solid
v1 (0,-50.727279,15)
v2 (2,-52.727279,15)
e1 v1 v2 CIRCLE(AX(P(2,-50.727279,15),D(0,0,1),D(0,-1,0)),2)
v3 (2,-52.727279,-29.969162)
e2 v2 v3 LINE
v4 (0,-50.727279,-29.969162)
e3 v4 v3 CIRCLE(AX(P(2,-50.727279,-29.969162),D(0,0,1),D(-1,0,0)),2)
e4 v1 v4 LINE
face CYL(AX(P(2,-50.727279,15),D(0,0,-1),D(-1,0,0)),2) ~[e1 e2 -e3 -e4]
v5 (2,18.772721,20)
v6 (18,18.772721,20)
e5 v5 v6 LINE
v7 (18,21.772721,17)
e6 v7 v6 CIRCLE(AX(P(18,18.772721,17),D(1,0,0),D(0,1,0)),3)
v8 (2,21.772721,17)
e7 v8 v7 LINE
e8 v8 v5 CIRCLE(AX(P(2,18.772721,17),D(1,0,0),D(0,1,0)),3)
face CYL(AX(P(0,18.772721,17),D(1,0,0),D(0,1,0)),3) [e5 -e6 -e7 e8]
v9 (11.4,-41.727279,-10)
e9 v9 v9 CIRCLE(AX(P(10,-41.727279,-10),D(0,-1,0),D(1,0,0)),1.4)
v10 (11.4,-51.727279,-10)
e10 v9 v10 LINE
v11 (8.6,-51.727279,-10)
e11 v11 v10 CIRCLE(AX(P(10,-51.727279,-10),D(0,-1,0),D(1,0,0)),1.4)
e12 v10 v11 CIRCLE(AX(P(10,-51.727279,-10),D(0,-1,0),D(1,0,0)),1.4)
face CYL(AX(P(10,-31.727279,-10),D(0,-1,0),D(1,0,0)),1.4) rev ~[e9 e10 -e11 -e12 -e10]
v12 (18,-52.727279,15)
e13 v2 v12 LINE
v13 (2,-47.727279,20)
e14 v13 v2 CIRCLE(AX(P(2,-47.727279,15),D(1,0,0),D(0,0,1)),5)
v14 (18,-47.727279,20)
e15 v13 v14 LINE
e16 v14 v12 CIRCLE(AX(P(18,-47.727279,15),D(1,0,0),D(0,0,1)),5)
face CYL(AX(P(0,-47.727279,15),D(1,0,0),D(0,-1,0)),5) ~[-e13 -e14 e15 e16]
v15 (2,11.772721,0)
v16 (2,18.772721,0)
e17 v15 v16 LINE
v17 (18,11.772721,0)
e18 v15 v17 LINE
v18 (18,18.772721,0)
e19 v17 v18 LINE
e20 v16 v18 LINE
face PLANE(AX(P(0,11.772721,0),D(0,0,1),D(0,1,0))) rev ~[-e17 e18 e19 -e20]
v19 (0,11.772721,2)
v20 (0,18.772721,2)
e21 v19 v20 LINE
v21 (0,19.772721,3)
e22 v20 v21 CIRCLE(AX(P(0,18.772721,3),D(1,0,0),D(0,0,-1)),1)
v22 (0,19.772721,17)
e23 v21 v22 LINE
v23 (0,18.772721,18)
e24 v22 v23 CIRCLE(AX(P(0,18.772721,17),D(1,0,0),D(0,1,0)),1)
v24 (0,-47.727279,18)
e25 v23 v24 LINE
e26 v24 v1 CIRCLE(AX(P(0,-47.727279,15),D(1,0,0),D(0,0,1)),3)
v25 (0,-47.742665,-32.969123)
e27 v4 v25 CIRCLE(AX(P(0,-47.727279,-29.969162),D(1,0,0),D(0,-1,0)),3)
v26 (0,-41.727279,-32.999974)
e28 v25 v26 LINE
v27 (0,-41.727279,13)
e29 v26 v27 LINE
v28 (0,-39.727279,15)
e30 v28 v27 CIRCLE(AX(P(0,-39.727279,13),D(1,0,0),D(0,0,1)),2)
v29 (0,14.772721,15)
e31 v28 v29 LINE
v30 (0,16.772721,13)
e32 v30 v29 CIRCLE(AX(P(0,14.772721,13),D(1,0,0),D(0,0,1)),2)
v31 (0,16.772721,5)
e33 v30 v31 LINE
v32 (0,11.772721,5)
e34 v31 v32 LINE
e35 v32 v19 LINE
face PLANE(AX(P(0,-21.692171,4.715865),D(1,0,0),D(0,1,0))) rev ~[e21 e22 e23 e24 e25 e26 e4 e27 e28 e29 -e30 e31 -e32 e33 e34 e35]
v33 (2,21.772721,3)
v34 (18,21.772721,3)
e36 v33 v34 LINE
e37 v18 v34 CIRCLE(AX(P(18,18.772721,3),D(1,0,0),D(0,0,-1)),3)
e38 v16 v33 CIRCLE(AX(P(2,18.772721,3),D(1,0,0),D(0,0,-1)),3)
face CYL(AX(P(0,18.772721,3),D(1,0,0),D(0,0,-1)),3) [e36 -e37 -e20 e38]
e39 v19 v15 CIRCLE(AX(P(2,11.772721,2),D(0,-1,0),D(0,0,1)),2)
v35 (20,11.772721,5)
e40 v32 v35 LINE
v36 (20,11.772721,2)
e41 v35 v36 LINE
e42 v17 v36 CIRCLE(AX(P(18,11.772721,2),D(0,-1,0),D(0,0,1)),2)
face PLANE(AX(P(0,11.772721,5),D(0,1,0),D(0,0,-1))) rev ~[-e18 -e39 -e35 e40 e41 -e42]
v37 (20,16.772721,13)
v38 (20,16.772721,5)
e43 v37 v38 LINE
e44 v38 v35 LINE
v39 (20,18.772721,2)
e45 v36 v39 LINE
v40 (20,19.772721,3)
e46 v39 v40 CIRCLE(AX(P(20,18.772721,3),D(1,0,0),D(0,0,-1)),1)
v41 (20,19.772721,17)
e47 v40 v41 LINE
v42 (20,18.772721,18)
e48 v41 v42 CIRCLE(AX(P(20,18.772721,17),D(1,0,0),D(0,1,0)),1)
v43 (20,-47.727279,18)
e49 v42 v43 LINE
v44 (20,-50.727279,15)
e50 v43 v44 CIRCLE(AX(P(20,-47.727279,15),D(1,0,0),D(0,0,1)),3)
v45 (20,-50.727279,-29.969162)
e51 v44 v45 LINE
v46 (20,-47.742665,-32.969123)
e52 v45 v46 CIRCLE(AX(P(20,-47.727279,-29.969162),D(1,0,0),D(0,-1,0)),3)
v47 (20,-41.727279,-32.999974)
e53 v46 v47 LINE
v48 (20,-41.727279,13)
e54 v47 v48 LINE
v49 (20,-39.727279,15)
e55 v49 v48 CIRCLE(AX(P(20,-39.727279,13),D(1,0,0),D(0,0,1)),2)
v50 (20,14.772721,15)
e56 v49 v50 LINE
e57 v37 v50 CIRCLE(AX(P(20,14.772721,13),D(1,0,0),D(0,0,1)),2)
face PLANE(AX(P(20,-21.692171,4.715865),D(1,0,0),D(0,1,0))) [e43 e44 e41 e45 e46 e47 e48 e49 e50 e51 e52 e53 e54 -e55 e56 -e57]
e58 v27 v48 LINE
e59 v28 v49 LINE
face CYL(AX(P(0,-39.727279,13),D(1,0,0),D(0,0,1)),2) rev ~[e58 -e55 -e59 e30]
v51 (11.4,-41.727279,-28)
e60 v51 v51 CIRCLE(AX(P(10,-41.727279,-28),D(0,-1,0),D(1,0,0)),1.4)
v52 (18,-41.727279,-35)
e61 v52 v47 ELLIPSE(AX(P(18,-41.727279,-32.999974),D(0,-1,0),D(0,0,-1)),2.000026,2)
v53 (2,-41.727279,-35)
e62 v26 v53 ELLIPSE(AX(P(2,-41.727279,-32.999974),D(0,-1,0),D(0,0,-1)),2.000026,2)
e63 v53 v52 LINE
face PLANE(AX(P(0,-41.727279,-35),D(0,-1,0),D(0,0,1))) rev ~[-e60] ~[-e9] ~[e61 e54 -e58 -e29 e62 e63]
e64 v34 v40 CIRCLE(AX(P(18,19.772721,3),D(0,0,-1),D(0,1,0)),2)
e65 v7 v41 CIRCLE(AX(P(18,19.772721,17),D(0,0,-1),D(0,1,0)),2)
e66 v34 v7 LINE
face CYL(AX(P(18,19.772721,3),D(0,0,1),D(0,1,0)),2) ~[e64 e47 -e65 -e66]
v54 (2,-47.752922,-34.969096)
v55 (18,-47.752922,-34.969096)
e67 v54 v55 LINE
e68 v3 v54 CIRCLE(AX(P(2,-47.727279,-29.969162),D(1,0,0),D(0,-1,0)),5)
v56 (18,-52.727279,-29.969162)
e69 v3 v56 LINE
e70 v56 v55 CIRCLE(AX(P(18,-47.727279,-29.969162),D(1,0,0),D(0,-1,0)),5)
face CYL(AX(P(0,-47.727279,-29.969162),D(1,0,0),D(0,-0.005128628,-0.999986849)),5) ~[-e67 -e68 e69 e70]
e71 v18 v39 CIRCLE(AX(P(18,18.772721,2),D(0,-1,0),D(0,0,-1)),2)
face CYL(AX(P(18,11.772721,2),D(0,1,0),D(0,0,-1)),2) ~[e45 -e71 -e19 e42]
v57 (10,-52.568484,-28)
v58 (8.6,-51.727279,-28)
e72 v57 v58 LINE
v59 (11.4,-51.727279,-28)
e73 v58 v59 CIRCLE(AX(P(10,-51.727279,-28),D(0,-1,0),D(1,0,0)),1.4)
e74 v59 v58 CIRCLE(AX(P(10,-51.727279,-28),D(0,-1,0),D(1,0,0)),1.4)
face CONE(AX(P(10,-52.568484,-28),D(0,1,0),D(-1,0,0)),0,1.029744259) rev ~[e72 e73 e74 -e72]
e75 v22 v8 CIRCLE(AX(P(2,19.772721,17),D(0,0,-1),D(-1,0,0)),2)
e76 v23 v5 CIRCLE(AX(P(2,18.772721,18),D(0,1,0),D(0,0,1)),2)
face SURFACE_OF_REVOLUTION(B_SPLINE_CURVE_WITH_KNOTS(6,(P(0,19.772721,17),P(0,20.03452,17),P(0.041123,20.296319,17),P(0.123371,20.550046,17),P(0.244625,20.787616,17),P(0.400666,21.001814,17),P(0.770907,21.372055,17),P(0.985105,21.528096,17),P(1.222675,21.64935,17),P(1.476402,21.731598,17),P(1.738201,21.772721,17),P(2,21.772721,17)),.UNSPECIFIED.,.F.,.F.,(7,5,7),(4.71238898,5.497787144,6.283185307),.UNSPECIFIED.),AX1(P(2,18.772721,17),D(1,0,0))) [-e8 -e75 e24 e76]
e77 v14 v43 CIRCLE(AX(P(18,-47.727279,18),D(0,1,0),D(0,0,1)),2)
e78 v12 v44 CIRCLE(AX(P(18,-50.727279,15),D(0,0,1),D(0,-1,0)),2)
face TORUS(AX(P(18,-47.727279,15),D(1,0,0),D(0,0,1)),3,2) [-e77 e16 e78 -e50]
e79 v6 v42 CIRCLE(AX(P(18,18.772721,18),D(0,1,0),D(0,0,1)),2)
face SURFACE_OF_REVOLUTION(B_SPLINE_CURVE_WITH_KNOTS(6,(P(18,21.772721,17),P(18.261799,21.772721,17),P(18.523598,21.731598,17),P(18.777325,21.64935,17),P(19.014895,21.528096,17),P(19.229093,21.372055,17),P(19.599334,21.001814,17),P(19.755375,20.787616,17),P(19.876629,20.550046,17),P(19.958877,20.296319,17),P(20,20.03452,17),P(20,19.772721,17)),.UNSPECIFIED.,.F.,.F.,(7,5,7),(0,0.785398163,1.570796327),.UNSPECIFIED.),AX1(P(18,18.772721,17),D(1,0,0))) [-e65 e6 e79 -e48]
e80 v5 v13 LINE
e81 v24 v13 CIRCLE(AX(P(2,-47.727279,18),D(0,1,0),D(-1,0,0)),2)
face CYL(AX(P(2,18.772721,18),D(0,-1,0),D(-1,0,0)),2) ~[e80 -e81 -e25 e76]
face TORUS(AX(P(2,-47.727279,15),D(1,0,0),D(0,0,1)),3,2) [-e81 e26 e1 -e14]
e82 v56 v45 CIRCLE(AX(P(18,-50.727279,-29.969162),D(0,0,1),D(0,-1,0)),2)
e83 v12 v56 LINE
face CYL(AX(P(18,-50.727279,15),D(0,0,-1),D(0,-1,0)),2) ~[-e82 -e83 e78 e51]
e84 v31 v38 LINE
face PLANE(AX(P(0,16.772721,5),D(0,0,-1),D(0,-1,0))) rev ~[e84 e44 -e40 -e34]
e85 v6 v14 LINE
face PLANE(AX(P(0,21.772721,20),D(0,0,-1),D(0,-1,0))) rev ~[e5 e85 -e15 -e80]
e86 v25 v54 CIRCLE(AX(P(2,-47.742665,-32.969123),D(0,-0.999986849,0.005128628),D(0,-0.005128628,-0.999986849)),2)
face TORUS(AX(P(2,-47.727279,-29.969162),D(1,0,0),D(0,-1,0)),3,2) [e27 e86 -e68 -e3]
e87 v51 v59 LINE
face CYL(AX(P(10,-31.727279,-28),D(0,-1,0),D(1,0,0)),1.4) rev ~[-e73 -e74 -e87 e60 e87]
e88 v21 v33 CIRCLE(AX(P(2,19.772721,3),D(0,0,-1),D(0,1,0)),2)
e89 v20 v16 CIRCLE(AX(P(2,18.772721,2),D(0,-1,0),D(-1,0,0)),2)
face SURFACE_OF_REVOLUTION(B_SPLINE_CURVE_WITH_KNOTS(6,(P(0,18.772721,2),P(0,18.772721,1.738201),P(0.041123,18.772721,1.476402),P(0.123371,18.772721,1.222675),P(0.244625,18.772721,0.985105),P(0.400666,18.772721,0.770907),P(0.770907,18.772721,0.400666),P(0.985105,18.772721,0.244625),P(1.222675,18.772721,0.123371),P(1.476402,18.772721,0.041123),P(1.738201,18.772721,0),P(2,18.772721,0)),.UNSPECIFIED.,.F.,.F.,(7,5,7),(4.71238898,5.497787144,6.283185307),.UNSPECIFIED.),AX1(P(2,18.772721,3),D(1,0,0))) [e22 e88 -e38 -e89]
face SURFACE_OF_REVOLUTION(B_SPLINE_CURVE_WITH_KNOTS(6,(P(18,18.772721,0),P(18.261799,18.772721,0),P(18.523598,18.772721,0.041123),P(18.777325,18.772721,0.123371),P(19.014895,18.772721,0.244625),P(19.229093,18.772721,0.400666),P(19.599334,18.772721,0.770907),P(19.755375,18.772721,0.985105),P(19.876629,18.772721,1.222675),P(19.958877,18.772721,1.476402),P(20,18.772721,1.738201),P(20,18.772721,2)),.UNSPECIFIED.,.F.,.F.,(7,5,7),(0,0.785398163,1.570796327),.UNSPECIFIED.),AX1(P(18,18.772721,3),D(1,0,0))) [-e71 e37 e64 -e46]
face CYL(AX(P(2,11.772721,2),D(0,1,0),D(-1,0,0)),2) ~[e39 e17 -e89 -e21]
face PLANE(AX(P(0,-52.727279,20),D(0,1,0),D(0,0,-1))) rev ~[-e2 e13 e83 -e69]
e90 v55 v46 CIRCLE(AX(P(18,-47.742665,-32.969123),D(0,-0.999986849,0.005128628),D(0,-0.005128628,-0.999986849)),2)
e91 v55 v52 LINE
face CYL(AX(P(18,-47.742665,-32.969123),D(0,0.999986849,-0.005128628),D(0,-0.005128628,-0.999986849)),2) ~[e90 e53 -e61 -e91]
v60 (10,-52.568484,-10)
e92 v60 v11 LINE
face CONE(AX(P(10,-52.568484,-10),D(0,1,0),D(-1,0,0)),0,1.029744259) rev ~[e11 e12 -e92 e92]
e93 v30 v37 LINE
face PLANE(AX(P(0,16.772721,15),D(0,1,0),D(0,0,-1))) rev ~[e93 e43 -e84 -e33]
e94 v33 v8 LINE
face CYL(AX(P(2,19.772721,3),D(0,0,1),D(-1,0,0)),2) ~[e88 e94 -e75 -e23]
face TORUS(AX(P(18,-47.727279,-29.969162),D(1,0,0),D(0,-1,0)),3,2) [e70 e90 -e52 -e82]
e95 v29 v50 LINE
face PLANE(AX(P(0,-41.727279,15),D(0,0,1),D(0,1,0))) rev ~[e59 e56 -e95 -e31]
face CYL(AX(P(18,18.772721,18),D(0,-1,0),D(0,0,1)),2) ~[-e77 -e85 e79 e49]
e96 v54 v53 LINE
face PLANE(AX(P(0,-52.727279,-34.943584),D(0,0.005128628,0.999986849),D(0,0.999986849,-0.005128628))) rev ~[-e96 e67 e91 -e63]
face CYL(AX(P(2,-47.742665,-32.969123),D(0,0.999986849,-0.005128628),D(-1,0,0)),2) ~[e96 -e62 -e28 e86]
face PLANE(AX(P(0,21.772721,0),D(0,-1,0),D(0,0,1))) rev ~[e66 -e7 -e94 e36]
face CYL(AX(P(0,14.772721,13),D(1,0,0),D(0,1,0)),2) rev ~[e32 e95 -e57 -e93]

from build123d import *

# Parameters (mm, degrees)
F1_DEPTH = 20
F2_R     = 3
F3_R     = 2
F4_R     = 5
F6_D     = 2.8
F6_DEPTH = 10
F6_TIP   = 0.8412048666
F7_R     = 2


with BuildPart() as f1:
    # F0 (on Right) → F1 (new body)
    with BuildSketch(Plane.YZ):
        Polygon((11.7727210118, 5), (11.7727210118, 0), (21.7727210118, 0), (21.7727210118, 20), (-52.7272789882, 20), (-52.7272789882, -34.9435843527), (-41.7272789882, -35), (-41.7272789882, 15), (16.7727210118, 15), (16.7727210118, 5), align=None)
    extrude(amount=F1_DEPTH)

    # F2
    f2_edges = [f1.edges().sort_by_distance(p)[0] for p in [
        (10, 21.772721, 20),
        (10, 21.772721, 0),
    ]]
    fillet(f2_edges, radius=F2_R)

    # F3
    f3_edges = [f1.edges().sort_by_distance(p)[0] for p in [
        (10, -41.727279, 15),
        (10, 16.772721, 15),
    ]]
    fillet(f3_edges, radius=F3_R)

    # F4
    f4_edges = [f1.edges().sort_by_distance(p)[0] for p in [
        (10, -52.727279, -34.943584),
        (10, -52.727279, 20),
    ]]
    fillet(f4_edges, radius=F4_R)

    # F6
    with Locations(Plane(origin=(0, -41.7272789882, 0), x_dir=(-1, 0, 0), z_dir=(0, 1, 0))):
        with Locations((-10, -28), (-10, -10)):
            Hole(F6_D / 2, depth=F6_DEPTH)
            with Locations((0, 0, -(F6_DEPTH + F6_TIP / 2))):  # 118° drill point
                Cone(0, F6_D / 2, F6_TIP, mode=Mode.SUBTRACT)

    # F7
    f7_edges = [f1.edges().sort_by_distance(p)[0] for p in [
        (0, -52.727279, -7.484581),
        (20, -14.477279, 20),
    ]]
    fillet(f7_edges, radius=F7_R)


solid = f1.part
